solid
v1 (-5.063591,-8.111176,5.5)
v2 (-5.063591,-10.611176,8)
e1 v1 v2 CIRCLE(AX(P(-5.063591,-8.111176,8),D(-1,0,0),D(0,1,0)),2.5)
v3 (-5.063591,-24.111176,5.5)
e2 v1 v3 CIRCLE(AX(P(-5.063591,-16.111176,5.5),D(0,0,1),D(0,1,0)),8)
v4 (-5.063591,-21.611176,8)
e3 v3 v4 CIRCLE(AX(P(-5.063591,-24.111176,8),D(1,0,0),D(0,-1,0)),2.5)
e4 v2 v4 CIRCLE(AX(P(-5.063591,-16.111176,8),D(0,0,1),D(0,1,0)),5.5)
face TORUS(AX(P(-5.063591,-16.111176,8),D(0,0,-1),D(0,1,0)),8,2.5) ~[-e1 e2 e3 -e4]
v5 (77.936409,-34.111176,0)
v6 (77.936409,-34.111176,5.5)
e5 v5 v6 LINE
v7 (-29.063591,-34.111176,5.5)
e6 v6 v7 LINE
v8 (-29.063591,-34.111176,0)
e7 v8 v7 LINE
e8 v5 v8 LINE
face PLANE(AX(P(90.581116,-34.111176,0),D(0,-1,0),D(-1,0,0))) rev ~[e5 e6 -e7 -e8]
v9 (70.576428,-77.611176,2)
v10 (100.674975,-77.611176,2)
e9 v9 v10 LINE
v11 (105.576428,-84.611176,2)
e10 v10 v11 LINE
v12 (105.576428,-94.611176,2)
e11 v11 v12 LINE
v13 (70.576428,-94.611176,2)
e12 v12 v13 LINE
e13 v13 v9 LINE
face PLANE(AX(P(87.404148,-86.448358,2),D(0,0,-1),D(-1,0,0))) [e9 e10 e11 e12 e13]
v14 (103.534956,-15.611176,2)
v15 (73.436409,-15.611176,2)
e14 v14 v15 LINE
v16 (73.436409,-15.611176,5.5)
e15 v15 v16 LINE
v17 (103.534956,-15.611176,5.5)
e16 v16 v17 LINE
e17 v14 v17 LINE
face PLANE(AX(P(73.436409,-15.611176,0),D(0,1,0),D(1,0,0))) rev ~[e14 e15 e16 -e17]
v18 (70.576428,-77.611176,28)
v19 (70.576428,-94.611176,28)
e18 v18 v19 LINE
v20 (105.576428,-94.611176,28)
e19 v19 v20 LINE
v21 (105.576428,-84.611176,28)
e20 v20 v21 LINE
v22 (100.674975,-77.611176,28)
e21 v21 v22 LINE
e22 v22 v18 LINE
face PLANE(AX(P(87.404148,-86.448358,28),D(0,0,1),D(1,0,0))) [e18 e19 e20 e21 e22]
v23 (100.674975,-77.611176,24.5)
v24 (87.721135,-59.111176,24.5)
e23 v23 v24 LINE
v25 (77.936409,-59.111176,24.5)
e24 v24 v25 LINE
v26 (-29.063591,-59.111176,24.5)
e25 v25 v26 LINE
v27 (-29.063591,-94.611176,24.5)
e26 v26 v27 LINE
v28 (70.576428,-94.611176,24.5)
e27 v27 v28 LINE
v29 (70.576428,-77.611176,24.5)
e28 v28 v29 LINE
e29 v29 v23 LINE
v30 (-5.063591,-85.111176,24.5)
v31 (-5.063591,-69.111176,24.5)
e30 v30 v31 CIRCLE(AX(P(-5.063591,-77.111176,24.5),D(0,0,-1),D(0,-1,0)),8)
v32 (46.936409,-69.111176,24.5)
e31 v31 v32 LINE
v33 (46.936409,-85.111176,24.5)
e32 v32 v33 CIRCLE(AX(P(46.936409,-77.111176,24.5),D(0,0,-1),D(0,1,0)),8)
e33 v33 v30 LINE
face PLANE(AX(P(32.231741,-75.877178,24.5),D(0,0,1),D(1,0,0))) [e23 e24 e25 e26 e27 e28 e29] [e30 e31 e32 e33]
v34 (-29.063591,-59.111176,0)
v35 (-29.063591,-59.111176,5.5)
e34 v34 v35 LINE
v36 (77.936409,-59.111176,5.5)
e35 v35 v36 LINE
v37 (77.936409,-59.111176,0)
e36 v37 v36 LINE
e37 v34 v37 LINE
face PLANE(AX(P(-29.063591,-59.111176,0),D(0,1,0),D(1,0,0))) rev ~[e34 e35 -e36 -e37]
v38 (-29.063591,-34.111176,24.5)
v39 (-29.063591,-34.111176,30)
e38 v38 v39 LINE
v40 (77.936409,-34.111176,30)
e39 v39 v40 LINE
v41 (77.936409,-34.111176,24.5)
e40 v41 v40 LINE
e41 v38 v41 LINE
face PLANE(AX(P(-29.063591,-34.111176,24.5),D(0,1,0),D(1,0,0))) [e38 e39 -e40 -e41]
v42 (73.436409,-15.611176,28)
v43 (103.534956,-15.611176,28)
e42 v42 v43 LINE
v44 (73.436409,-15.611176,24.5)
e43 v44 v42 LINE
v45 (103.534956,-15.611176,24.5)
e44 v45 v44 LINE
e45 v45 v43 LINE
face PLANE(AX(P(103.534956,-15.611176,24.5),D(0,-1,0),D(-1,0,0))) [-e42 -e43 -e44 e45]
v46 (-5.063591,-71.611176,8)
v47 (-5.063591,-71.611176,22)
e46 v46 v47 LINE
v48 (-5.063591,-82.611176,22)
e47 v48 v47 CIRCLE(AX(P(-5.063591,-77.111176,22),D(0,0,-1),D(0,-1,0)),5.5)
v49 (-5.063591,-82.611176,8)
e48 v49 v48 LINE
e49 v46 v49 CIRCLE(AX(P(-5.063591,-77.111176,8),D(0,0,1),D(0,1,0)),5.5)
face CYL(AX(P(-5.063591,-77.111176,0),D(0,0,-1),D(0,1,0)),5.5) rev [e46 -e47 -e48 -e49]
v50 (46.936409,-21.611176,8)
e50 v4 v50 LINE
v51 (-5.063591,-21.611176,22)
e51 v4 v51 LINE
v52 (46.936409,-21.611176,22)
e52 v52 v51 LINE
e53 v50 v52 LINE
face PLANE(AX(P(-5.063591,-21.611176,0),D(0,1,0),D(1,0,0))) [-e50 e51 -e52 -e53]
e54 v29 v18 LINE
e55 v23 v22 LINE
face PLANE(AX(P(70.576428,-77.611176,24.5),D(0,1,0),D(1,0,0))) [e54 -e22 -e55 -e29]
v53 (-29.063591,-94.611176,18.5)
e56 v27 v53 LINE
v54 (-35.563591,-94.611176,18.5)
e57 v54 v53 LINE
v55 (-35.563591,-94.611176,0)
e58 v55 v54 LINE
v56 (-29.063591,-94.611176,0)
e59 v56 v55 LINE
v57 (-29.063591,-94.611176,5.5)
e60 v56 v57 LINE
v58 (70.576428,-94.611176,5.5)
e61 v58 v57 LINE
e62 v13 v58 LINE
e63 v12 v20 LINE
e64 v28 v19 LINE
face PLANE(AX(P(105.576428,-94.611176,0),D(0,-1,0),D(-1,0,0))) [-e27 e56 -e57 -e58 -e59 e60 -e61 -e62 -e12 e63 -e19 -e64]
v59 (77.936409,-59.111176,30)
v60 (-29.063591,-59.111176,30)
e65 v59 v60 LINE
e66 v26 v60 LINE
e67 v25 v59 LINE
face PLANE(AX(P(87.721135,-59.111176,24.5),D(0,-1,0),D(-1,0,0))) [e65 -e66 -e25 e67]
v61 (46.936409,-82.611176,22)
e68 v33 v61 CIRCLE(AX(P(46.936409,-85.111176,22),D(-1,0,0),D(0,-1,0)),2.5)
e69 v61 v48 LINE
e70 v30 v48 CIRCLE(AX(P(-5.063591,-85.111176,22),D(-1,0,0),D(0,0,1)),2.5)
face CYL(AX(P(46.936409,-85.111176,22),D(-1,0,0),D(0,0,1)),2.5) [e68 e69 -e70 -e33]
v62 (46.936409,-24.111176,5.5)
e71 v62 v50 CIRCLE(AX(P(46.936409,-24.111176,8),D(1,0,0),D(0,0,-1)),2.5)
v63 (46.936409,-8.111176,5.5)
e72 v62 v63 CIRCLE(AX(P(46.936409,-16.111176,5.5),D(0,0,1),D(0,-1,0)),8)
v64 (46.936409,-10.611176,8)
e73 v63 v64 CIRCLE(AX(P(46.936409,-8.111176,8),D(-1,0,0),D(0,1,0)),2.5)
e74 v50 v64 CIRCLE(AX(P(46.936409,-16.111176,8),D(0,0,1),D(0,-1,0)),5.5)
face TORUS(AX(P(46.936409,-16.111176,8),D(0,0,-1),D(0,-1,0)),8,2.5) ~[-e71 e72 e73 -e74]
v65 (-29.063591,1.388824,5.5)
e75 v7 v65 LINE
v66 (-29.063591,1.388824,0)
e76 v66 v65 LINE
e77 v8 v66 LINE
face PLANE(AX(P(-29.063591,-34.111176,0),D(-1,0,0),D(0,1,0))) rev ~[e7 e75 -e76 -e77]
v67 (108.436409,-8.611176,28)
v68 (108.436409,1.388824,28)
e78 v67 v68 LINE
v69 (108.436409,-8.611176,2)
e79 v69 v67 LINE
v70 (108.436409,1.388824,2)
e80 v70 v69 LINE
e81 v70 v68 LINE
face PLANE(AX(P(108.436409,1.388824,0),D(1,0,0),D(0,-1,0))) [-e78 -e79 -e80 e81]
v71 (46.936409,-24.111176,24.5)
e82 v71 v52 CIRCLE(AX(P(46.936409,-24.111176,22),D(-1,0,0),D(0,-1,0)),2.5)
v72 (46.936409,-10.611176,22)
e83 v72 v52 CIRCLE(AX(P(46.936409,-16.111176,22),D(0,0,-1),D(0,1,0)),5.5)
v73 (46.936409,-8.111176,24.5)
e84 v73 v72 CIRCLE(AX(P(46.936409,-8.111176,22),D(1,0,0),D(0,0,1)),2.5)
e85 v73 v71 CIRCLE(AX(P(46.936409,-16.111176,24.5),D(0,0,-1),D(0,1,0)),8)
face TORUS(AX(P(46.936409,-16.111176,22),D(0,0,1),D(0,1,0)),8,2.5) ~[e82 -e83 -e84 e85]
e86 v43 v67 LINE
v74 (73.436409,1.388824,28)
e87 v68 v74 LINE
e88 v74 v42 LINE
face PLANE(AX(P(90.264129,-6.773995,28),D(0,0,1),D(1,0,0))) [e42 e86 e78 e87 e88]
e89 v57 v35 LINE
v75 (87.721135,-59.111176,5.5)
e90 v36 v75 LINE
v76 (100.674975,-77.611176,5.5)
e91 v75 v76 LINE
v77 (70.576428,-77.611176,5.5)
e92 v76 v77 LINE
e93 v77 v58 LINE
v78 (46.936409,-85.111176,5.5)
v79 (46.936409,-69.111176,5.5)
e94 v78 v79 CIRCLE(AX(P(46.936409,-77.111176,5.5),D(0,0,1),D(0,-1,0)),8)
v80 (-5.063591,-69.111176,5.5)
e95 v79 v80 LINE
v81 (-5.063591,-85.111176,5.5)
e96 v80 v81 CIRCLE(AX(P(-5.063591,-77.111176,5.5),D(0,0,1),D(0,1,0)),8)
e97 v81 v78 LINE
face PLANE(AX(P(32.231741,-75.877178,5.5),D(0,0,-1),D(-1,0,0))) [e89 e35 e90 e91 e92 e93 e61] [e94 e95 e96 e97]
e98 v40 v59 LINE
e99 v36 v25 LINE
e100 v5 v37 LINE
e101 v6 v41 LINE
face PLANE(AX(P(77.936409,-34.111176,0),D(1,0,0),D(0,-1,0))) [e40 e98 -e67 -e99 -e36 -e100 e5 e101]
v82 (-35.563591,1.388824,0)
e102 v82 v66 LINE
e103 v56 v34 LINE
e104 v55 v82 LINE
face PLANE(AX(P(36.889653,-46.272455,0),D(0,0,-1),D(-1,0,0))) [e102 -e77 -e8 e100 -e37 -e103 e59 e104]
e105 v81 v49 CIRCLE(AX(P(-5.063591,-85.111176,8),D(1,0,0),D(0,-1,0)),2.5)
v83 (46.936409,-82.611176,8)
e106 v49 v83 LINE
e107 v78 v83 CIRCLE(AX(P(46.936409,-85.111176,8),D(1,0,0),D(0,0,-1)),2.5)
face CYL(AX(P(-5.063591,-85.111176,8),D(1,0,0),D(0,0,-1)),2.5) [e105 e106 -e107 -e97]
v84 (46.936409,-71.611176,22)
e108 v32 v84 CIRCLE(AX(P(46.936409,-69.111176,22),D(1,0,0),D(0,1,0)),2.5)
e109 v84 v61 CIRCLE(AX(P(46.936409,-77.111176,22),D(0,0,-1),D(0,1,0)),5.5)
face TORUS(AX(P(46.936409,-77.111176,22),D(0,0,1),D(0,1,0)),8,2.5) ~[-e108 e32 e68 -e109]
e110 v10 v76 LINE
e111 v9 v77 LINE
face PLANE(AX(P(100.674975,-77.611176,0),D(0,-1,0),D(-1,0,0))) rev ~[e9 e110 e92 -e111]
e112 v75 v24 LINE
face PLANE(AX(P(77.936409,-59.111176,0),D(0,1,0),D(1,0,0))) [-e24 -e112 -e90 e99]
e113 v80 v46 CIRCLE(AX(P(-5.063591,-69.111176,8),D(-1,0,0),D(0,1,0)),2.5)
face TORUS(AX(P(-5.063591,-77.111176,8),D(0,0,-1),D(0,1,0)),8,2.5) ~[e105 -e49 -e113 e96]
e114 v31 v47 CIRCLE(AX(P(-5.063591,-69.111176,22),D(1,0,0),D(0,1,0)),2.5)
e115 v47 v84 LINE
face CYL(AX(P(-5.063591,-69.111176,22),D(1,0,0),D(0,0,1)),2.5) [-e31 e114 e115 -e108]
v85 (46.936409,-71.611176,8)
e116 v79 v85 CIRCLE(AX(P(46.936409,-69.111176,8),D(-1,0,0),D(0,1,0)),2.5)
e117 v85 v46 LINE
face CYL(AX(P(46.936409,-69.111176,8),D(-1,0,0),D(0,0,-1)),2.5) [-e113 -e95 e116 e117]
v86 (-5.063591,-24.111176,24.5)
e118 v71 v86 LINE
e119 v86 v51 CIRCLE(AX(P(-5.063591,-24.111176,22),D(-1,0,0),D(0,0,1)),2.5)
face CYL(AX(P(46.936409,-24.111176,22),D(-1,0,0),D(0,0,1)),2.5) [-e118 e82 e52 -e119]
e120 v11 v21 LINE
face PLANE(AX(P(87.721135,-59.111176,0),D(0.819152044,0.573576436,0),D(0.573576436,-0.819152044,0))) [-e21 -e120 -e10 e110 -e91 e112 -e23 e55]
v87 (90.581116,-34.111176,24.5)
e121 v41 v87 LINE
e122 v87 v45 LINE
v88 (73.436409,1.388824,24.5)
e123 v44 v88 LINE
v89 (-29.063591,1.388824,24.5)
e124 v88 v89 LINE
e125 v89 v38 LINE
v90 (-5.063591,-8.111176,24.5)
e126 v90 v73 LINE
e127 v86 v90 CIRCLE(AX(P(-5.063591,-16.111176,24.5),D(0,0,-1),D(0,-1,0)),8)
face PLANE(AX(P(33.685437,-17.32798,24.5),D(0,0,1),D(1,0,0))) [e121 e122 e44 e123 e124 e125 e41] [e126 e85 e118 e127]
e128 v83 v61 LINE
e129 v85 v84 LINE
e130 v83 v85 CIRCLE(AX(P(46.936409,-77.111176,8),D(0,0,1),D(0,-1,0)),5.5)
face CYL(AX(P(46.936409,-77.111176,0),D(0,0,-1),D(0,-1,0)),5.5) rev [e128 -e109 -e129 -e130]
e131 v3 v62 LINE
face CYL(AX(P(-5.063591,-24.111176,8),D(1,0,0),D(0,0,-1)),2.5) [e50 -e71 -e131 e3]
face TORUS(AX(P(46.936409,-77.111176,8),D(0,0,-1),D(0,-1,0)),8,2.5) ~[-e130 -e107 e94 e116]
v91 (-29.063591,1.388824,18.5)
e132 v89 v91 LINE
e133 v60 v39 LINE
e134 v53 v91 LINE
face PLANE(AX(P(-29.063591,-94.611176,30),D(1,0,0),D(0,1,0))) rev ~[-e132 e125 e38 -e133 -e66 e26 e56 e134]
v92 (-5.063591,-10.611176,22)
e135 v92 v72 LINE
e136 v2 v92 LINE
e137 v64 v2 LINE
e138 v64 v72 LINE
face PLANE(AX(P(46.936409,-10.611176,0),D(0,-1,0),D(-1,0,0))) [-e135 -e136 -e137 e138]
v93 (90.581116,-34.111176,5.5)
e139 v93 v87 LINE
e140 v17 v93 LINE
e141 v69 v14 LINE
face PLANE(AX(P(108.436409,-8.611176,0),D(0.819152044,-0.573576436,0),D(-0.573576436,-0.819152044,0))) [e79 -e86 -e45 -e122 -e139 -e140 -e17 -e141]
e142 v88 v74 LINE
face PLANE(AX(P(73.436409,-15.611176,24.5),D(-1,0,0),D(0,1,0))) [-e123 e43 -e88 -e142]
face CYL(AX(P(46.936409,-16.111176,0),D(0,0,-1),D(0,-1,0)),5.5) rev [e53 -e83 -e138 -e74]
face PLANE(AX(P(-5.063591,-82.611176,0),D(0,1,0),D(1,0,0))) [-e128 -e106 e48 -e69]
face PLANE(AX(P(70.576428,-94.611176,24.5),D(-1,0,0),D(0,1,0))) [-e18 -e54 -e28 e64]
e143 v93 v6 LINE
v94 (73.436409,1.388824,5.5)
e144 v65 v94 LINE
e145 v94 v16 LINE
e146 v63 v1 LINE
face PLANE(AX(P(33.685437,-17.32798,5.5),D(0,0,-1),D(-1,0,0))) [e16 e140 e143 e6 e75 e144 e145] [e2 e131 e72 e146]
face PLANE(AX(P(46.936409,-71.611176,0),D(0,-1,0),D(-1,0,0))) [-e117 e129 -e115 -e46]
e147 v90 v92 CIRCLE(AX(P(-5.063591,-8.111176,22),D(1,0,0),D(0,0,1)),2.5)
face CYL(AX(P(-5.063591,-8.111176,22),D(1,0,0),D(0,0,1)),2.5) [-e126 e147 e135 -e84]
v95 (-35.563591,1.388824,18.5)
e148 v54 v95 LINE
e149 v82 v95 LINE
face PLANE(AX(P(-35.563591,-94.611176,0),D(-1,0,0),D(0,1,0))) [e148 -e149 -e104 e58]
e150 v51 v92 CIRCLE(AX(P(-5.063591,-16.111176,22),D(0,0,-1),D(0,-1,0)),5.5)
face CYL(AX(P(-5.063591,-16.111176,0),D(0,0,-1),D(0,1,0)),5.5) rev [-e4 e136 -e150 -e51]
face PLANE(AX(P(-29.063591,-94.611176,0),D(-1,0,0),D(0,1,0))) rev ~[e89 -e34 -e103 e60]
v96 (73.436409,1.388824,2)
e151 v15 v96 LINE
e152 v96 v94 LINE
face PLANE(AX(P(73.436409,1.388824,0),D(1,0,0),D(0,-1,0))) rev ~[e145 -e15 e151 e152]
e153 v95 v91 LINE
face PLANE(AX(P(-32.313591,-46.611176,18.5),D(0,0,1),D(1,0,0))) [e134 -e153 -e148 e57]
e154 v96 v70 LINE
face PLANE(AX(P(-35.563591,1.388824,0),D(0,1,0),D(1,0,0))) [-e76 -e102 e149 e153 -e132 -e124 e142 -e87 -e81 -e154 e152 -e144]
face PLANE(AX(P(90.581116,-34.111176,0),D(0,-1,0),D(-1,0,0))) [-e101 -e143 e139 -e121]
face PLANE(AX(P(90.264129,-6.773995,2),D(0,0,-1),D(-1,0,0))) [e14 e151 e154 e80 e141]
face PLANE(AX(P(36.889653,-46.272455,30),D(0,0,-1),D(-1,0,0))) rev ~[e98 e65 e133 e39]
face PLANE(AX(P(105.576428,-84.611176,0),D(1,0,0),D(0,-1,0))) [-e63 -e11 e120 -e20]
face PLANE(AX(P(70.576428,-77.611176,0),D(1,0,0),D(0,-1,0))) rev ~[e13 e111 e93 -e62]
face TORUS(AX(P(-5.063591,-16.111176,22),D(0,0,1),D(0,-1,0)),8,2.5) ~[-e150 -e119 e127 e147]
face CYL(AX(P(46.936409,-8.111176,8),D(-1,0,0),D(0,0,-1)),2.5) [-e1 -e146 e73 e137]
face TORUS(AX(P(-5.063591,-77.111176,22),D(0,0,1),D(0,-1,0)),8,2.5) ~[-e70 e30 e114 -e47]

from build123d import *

# Parameters (mm, degrees)
BOSS_EXTRU_1_DEPTH      = 30
ESQUISSE3_W             = 6.5
ESQUISSE3_H             = 96
ENL_V_MAT_EXTRU_1_DEPTH = 11.5
ENL_V_START             = -5.5
ENL_V_MAT_EXTRU_2_DEPTH = 5.5
ENL_V_MAT_EXTRU_3_DEPTH = 5.5
ENL_V_MAT_EXTRU_4_DEPTH = 2
ENL_V_MAT_EXTRU_5_DEPTH = 2
CONG_2_R                = 2.5
CONG_3_R                = 2.5
CONG_4_R                = 2.5
CONG_5_R                = 2.5


with BuildPart() as part:
    # Esquisse1 → Boss.-Extru.1 (new body)
    with BuildSketch(Plane.XY):
        Polygon((-35.56359131, -94.611176471), (-35.56359131, 1.388823529), (108.43640869, 1.388823529), (108.43640869, -8.611176471), (90.581116466, -34.111176471), (77.93640869, -34.111176471), (77.93640869, -59.111176471), (87.721135464, -59.111176471), (105.576427689, -84.611176471), (105.576427689, -94.611176471), align=None)
        with BuildLine():
            Line((-5.06359131, -21.611176471), (46.93640869, -21.611176471))
            ThreePointArc((46.93640869, -21.611176471), (52.43640869, -16.111176471), (46.93640869, -10.611176471))
            Line((46.93640869, -10.611176471), (-5.06359131, -10.611176471))
            ThreePointArc((-5.06359131, -10.611176471), (-10.56359131, -16.111176471), (-5.06359131, -21.611176471))
        make_face(mode=Mode.SUBTRACT)
        with BuildLine():
            Line((-5.06359131, -82.611176471), (46.93640869, -82.611176471))
            ThreePointArc((46.93640869, -82.611176471), (52.43640869, -77.111176471), (46.93640869, -71.611176471))
            Line((46.93640869, -71.611176471), (-5.06359131, -71.611176471))
            ThreePointArc((-5.06359131, -71.611176471), (-10.56359131, -77.111176471), (-5.06359131, -82.611176471))
        make_face(mode=Mode.SUBTRACT)
    extrude(amount=BOSS_EXTRU_1_DEPTH)

    # Esquisse3 → Enlèv. mat.-Extru.1 (cut)
    with BuildSketch(Plane.XY.offset(30)):
        with Locations((-32.31359131, -46.611176471)):
            Rectangle(ESQUISSE3_W, ESQUISSE3_H)
    extrude(amount=-ENL_V_MAT_EXTRU_1_DEPTH, mode=Mode.SUBTRACT)

    # Esquisse4 → Enlèv. mat.-Extru.2 (cut)
    # profile 1 of 2: a face of its own
    with BuildSketch(Plane.XY.offset(30).offset(ENL_V_START)):
        Polygon((-29.06359131, 1.388823529), (-29.06359131, -34.111176471), (77.93640869, -34.111176471), (90.581116466, -34.111176471), (103.534955923, -15.611176471), (73.43640869, -15.611176471), (73.43640869, 1.388823529), align=None)
        with BuildLine():
            ThreePointArc((46.93640869, -10.611176471), (52.43640869, -16.111176471), (46.93640869, -21.611176471))
            Line((46.93640869, -21.611176471), (-5.06359131, -21.611176471))
            ThreePointArc((-5.06359131, -21.611176471), (-10.56359131, -16.111176471), (-5.06359131, -10.611176471))
            Line((-5.06359131, -10.611176471), (46.93640869, -10.611176471))
        make_face(mode=Mode.SUBTRACT)
    # profile 2 of 2: a face of its own
    with BuildSketch(Plane.XY.offset(30).offset(ENL_V_START)):
        Polygon((-29.06359131, -94.611176471), (70.576427689, -94.611176471), (70.576427689, -77.611176471), (100.674974921, -77.611176471), (87.721135464, -59.111176471), (77.93640869, -59.111176471), (-29.06359131, -59.111176471), align=None)
        with BuildLine():
            ThreePointArc((46.93640869, -71.611176471), (52.43640869, -77.111176471), (46.93640869, -82.611176471))
            Line((46.93640869, -82.611176471), (-5.06359131, -82.611176471))
            ThreePointArc((-5.06359131, -82.611176471), (-10.56359131, -77.111176471), (-5.06359131, -71.611176471))
            Line((-5.06359131, -71.611176471), (46.93640869, -71.611176471))
        make_face(mode=Mode.SUBTRACT)
    extrude(amount=ENL_V_MAT_EXTRU_2_DEPTH, mode=Mode.SUBTRACT)

    # Esquisse5 → Enlèv. mat.-Extru.3 (cut)
    # profile 1 of 2: a face of its own
    with BuildSketch(Plane(origin=(0, 0, 0), x_dir=(-1, 0, 0), z_dir=(0, 0, -1))):
        Polygon((-73.43640869, -15.611176471), (-103.534955923, -15.611176471), (-90.581116466, -34.111176471), (-77.93640869, -34.111176471), (29.06359131, -34.111176471), (29.06359131, 1.388823529), (-73.43640869, 1.388823529), align=None)
        with BuildLine():
            ThreePointArc((5.06359131, -10.611176471), (10.56359131, -16.111176471), (5.06359131, -21.611176471))
            Line((5.06359131, -21.611176471), (-46.93640869, -21.611176471))
            ThreePointArc((-46.93640869, -21.611176471), (-52.43640869, -16.111176471), (-46.93640869, -10.611176471))
            Line((-46.93640869, -10.611176471), (5.06359131, -10.611176471))
        make_face(mode=Mode.SUBTRACT)
    # profile 2 of 2: a face of its own
    with BuildSketch(Plane(origin=(0, 0, 0), x_dir=(-1, 0, 0), z_dir=(0, 0, -1))):
        Polygon((-77.93640869, -59.111176471), (-87.721135464, -59.111176471), (-100.674974921, -77.611176471), (-70.576427689, -77.611176471), (-70.576427689, -94.611176471), (29.06359131, -94.611176471), (29.06359131, -59.111176471), align=None)
        with BuildLine():
            ThreePointArc((5.06359131, -71.611176471), (10.56359131, -77.111176471), (5.06359131, -82.611176471))
            Line((5.06359131, -82.611176471), (-46.93640869, -82.611176471))
            ThreePointArc((-46.93640869, -82.611176471), (-52.43640869, -77.111176471), (-46.93640869, -71.611176471))
            Line((-46.93640869, -71.611176471), (5.06359131, -71.611176471))
        make_face(mode=Mode.SUBTRACT)
    extrude(amount=-ENL_V_MAT_EXTRU_3_DEPTH, mode=Mode.SUBTRACT)

    # Esquisse6 → Enlèv. mat.-Extru.4 (cut)
    with BuildSketch(Plane(origin=(0, 0, 0), x_dir=(-1, 0, 0), z_dir=(0, 0, -1))):
        Polygon((-103.534955923, -15.611176471), (-73.43640869, -15.611176471), (-73.43640869, 1.388823529), (-108.43640869, 1.388823529), (-108.43640869, -8.611176471), align=None)
        Polygon((-70.576427689, -77.611176471), (-100.674974921, -77.611176471), (-105.576427689, -84.611176471), (-105.576427689, -94.611176471), (-70.576427689, -94.611176471), align=None)
    extrude(amount=-ENL_V_MAT_EXTRU_4_DEPTH, mode=Mode.SUBTRACT)

    # Esquisse7 → Enlèv. mat.-Extru.5 (cut)
    with BuildSketch(Plane.XY.offset(30)):
        Polygon((73.43640869, -15.611176471), (103.534955923, -15.611176471), (108.43640869, -8.611176471), (108.43640869, 1.388823529), (73.43640869, 1.388823529), align=None)
        Polygon((100.674974921, -77.611176471), (70.576427689, -77.611176471), (70.576427689, -94.611176471), (105.576427689, -94.611176471), (105.576427689, -84.611176471), align=None)
    extrude(amount=-ENL_V_MAT_EXTRU_5_DEPTH, mode=Mode.SUBTRACT)

    # Congé2
    cong_2_edges = [part.edges().sort_by_distance(p)[0] for p in [
        (20.93640869, -10.611176471, 24.5),
        (-10.56359131, -16.111176471, 24.5),
        (20.93640869, -21.611176471, 24.5),
        (52.43640869, -16.111176471, 24.5),
    ]]
    fillet(cong_2_edges, radius=CONG_2_R)

    # Congé3
    cong_3_edges = [part.edges().sort_by_distance(p)[0] for p in [
        (52.43640869, -77.111176471, 24.5),
        (20.93640869, -71.611176471, 24.5),
        (-10.56359131, -77.111176471, 24.5),
        (20.93640869, -82.611176471, 24.5),
    ]]
    fillet(cong_3_edges, radius=CONG_3_R)

    # Congé4
    cong_4_edges = [part.edges().sort_by_distance(p)[0] for p in [
        (-10.56359131, -16.111176471, 5.5),
        (20.93640869, -10.611176471, 5.5),
        (52.43640869, -16.111176471, 5.5),
        (20.93640869, -21.611176471, 5.5),
    ]]
    fillet(cong_4_edges, radius=CONG_4_R)

    # Congé5
    cong_5_edges = [part.edges().sort_by_distance(p)[0] for p in [
        (-10.56359131, -77.111176471, 5.5),
        (20.93640869, -71.611176471, 5.5),
        (52.43640869, -77.111176471, 5.5),
        (20.93640869, -82.611176471, 5.5),
    ]]
    fillet(cong_5_edges, radius=CONG_5_R)


solid = part.part
